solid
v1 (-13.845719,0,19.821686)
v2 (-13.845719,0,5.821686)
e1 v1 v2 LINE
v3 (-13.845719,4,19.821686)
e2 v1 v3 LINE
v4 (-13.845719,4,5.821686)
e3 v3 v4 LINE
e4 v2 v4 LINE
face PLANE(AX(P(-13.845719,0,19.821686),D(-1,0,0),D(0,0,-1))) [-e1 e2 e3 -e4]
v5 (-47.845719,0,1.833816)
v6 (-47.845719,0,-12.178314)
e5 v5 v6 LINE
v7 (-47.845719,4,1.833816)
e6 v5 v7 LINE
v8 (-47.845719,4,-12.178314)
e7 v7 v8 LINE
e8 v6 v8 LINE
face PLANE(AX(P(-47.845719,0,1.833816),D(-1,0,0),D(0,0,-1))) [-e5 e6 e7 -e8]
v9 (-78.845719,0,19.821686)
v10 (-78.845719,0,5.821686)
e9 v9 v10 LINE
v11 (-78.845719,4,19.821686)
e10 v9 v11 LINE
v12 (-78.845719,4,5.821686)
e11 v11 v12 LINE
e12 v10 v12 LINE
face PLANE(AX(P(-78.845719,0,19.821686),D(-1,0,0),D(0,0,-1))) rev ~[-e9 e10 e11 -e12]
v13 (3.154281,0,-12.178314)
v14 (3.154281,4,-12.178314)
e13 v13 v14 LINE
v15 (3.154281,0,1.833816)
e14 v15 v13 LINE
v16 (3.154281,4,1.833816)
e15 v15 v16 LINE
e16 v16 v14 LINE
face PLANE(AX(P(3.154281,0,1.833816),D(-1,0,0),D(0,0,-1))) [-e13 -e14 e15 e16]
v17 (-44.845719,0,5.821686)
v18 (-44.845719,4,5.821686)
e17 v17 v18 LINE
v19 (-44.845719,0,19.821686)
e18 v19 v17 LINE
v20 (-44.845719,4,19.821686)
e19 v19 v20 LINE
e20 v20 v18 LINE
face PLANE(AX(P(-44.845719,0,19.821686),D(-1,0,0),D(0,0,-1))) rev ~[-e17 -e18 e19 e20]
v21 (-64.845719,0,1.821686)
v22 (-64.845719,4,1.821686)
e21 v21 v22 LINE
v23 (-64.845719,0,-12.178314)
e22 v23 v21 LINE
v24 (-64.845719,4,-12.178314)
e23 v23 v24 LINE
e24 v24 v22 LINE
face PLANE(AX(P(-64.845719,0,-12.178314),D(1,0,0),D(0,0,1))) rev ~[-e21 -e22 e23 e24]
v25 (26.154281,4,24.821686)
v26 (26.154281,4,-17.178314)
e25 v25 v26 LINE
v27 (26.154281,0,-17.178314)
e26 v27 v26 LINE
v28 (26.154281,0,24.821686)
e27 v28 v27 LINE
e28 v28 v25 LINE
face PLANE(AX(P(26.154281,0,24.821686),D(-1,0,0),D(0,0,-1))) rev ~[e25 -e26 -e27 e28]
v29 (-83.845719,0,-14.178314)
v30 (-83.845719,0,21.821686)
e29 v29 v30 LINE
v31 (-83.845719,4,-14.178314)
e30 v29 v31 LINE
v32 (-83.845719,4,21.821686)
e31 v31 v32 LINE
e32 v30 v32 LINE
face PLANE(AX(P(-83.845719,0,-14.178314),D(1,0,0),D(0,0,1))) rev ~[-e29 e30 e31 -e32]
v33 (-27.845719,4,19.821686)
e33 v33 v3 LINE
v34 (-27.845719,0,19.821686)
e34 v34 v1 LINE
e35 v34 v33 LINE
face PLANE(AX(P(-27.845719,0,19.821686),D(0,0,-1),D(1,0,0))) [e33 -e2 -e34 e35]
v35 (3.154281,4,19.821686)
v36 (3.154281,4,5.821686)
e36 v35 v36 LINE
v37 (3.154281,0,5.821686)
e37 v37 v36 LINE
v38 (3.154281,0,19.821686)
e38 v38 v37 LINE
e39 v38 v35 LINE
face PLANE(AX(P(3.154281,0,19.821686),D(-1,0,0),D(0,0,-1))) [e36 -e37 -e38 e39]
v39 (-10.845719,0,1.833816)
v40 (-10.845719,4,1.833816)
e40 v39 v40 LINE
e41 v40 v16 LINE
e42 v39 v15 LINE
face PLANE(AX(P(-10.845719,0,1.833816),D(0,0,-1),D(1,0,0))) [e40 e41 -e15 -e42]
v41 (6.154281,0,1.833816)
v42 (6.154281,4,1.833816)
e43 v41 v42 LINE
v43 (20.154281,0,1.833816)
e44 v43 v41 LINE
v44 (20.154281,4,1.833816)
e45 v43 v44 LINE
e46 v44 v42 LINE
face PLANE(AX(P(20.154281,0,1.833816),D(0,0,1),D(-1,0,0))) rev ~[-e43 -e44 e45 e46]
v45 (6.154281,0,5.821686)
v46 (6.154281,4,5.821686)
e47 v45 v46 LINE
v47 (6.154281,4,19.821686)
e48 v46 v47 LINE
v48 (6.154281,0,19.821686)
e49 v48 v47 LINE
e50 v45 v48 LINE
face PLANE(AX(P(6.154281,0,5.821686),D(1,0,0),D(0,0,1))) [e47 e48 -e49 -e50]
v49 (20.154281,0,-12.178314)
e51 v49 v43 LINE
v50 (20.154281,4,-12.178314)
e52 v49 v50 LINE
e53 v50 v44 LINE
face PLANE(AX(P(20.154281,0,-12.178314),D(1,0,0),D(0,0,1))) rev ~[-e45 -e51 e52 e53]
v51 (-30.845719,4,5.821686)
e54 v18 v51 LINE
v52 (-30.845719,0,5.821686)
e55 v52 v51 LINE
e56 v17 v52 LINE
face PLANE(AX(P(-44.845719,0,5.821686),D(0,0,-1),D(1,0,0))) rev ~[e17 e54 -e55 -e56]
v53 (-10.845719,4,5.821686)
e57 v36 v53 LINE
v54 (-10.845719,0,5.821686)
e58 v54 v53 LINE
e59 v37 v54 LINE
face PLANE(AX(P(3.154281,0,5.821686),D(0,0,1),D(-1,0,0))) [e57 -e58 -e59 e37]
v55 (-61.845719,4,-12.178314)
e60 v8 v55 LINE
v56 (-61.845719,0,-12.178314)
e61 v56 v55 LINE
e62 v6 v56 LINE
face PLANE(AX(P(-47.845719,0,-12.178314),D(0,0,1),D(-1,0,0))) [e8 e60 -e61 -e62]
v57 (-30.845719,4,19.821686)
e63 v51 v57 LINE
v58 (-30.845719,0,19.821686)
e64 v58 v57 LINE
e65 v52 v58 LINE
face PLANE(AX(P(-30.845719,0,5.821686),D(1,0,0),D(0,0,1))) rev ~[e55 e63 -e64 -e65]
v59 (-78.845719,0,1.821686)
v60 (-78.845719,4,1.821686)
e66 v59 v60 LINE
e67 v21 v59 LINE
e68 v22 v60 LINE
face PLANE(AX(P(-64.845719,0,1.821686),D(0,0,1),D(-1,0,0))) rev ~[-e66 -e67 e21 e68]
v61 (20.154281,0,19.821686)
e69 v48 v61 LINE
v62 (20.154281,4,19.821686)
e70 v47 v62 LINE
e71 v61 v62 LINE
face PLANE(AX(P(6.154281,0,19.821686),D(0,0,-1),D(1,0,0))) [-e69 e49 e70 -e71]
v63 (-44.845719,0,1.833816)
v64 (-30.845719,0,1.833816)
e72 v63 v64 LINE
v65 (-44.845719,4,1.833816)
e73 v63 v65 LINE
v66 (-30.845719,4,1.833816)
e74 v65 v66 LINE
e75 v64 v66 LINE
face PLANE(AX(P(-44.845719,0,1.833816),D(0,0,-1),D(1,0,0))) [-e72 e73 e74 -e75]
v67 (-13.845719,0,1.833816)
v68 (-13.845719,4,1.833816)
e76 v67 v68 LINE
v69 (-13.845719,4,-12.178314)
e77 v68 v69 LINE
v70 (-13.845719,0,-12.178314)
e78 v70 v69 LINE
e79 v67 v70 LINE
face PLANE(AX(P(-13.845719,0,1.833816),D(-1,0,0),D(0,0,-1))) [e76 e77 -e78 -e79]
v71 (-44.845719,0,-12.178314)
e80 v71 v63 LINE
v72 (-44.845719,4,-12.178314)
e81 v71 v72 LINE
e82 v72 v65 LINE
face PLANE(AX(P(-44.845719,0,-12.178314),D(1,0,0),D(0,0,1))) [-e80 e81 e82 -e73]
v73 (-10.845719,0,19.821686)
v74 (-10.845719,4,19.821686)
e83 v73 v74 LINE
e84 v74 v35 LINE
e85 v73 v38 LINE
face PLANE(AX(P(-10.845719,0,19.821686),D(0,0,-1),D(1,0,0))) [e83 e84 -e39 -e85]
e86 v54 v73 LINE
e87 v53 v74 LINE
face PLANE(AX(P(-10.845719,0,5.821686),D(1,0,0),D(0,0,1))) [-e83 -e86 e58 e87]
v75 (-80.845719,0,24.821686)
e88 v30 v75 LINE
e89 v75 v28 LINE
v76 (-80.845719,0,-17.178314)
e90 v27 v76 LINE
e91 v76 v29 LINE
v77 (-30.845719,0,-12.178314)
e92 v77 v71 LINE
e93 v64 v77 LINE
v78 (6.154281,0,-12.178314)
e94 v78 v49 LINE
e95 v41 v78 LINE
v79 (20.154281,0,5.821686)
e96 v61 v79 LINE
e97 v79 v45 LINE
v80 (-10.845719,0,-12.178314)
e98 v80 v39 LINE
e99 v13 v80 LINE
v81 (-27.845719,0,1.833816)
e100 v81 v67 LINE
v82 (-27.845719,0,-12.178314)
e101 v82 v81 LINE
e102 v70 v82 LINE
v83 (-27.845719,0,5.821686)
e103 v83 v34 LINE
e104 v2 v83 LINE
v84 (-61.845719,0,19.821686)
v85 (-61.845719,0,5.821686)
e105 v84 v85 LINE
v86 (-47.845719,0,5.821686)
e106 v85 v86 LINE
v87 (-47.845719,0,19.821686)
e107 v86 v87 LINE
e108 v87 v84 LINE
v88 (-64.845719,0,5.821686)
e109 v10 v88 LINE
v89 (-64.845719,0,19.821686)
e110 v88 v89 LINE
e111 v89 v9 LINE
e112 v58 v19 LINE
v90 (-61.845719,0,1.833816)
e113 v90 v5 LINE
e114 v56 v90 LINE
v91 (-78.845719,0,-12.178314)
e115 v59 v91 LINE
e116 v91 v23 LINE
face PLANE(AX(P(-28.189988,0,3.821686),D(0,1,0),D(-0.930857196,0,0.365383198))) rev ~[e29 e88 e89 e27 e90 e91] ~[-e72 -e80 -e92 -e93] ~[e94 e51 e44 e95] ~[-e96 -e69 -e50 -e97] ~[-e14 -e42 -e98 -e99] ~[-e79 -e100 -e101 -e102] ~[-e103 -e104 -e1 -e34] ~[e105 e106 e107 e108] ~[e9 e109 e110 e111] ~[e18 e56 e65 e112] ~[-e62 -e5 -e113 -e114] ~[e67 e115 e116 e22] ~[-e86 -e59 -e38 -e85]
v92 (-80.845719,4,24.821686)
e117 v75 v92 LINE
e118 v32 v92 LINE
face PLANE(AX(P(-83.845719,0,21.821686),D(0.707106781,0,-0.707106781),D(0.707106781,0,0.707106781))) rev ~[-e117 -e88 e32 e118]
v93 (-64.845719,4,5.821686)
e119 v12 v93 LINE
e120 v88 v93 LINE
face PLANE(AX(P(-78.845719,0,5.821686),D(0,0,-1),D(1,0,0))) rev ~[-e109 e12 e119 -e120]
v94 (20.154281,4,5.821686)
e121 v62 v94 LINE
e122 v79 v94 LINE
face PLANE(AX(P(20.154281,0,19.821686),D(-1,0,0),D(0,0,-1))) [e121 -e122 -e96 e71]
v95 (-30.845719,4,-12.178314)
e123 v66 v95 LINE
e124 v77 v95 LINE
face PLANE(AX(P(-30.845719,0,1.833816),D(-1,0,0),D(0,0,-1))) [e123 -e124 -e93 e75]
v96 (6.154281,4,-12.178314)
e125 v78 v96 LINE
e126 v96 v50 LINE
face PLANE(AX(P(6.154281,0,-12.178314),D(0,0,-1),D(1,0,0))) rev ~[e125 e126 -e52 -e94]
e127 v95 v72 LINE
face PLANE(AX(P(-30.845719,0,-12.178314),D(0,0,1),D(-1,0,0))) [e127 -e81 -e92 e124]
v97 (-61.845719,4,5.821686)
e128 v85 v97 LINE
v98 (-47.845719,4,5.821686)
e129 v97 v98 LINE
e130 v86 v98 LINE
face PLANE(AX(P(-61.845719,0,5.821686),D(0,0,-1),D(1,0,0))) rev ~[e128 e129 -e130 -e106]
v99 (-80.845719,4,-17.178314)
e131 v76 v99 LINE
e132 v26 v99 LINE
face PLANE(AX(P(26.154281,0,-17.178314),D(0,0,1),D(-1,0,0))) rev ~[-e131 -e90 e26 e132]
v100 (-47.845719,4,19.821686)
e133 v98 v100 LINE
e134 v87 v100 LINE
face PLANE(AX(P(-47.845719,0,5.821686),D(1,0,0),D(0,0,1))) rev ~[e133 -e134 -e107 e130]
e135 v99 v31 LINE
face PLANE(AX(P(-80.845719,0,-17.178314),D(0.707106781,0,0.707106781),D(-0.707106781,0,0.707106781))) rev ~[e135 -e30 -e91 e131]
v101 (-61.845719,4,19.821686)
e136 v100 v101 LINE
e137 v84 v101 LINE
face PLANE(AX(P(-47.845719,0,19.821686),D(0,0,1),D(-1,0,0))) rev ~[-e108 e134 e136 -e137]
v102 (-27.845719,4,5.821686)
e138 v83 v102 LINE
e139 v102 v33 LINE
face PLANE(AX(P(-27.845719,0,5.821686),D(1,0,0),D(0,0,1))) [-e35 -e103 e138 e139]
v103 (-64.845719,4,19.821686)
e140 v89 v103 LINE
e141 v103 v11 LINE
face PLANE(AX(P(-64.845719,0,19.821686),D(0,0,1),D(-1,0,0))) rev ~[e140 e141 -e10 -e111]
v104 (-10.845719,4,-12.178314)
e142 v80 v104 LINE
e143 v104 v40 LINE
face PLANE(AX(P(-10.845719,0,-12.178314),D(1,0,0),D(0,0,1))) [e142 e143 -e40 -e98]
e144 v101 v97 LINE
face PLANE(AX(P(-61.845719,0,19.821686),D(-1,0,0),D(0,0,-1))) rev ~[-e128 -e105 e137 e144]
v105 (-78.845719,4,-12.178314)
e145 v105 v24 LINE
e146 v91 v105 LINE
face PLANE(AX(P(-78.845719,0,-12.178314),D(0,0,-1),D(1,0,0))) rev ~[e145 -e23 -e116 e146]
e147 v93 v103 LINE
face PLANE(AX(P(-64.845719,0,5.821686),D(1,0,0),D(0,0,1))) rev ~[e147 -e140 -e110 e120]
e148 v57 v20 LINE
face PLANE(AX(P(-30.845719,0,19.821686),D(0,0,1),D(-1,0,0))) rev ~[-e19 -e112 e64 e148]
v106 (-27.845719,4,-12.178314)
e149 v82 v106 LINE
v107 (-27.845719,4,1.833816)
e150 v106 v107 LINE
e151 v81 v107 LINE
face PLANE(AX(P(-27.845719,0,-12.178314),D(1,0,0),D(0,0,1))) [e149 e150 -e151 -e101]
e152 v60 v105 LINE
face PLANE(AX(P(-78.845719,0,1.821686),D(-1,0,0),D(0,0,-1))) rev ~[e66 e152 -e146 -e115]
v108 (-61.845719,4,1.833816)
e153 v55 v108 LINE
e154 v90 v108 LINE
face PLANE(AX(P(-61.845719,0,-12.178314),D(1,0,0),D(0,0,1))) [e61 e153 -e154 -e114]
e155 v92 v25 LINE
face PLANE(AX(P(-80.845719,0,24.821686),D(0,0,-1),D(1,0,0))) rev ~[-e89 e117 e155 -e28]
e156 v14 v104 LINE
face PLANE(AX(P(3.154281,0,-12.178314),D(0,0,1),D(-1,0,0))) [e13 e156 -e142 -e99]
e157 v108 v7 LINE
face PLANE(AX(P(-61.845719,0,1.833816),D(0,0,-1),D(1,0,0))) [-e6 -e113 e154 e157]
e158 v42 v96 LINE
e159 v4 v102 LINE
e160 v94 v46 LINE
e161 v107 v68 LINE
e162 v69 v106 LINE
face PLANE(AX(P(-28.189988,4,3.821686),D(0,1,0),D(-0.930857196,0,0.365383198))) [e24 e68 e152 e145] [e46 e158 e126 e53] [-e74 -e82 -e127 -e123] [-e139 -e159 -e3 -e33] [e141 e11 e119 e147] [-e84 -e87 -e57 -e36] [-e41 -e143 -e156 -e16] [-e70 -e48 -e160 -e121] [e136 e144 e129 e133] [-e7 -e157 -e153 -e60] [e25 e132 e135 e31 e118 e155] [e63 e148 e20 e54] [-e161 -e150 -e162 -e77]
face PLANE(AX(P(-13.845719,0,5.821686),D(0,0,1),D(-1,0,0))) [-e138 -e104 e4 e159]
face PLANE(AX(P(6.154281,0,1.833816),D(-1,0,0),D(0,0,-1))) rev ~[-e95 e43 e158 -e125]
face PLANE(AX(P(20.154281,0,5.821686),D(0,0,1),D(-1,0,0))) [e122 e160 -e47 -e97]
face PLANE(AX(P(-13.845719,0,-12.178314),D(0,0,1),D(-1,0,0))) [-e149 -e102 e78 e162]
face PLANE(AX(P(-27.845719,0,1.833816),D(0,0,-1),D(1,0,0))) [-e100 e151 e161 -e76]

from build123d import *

# Parameters (mm, degrees)
EXTRUDE_1_DEPTH = 4


with BuildPart() as part:
    # Sketch 1 → Бобышка-Вытянуть1 (new body)
    with BuildSketch(Plane(origin=(-80.845718526, 0, 24.821686241), x_dir=(0.9308571955160213, 0, -0.36538319823994075), z_dir=(0, -1, 0))):
        Polygon((0, 0), (99.60171992, 39.096002212), (114.947814246, 0), (15.346094326, -39.096002212), (11.457373145, -37.39958022), (-1.696421992, -3.888721181), align=None)
        Polygon((15.380892726, -33.710949838), (28.412893463, -28.595585062), (23.297528688, -15.563584325), (10.265527951, -20.6789491), align=None, mode=Mode.SUBTRACT)
        Polygon((8.803995158, -16.955520318), (21.835995895, -11.840155543), (16.720631119, 1.191845194), (3.688630382, -3.923519581), align=None, mode=Mode.SUBTRACT)
        Polygon((19.513202706, 2.287994789), (24.628567481, -10.744005948), (37.660568219, -5.628641173), (32.545203443, 7.403359564), align=None, mode=Mode.SUBTRACT)
        Polygon((35.33777503, 8.499509159), (40.453139805, -4.532491578), (53.485140542, 0.582873197), (48.369775767, 13.614873934), align=None, mode=Mode.SUBTRACT)
        Polygon((51.162347354, 14.711023529), (64.194348091, 19.826388304), (69.309712866, 6.794387567), (56.277712129, 1.679022792), align=None, mode=Mode.SUBTRACT)
        Polygon((95.843492738, 32.249417045), (100.958857514, 19.217416307), (87.926856776, 14.102051532), (82.811492001, 27.134052269), align=None, mode=Mode.SUBTRACT)
        Polygon((66.986919677, 20.922537899), (80.018920415, 26.037902675), (85.13428519, 13.005901937), (72.102284453, 7.890537162), align=None, mode=Mode.SUBTRACT)
        Polygon((73.559385355, 4.17839915), (86.591386092, 9.293763925), (91.711182758, -3.749527582), (78.679182021, -8.864892357), align=None, mode=Mode.SUBTRACT)
        Polygon((89.383957678, 10.38991352), (94.503754345, -2.653377987), (107.535755082, 2.461986788), (102.415958416, 15.505278295), align=None, mode=Mode.SUBTRACT)
        Polygon((70.766813768, 3.082249555), (75.886610434, -9.961041952), (62.854609697, -15.076406727), (57.734813031, -2.03311522), align=None, mode=Mode.SUBTRACT)
        Polygon((54.942241444, -3.129264815), (60.062038111, -16.172556322), (47.030037373, -21.287921097), (41.910240707, -8.24462959), align=None, mode=Mode.SUBTRACT)
        Polygon((39.117669121, -9.340779185), (44.237465787, -22.384070692), (31.20546505, -27.499435468), (26.085668383, -14.456143961), align=None, mode=Mode.SUBTRACT)
    extrude(amount=-EXTRUDE_1_DEPTH)


solid = part.part
